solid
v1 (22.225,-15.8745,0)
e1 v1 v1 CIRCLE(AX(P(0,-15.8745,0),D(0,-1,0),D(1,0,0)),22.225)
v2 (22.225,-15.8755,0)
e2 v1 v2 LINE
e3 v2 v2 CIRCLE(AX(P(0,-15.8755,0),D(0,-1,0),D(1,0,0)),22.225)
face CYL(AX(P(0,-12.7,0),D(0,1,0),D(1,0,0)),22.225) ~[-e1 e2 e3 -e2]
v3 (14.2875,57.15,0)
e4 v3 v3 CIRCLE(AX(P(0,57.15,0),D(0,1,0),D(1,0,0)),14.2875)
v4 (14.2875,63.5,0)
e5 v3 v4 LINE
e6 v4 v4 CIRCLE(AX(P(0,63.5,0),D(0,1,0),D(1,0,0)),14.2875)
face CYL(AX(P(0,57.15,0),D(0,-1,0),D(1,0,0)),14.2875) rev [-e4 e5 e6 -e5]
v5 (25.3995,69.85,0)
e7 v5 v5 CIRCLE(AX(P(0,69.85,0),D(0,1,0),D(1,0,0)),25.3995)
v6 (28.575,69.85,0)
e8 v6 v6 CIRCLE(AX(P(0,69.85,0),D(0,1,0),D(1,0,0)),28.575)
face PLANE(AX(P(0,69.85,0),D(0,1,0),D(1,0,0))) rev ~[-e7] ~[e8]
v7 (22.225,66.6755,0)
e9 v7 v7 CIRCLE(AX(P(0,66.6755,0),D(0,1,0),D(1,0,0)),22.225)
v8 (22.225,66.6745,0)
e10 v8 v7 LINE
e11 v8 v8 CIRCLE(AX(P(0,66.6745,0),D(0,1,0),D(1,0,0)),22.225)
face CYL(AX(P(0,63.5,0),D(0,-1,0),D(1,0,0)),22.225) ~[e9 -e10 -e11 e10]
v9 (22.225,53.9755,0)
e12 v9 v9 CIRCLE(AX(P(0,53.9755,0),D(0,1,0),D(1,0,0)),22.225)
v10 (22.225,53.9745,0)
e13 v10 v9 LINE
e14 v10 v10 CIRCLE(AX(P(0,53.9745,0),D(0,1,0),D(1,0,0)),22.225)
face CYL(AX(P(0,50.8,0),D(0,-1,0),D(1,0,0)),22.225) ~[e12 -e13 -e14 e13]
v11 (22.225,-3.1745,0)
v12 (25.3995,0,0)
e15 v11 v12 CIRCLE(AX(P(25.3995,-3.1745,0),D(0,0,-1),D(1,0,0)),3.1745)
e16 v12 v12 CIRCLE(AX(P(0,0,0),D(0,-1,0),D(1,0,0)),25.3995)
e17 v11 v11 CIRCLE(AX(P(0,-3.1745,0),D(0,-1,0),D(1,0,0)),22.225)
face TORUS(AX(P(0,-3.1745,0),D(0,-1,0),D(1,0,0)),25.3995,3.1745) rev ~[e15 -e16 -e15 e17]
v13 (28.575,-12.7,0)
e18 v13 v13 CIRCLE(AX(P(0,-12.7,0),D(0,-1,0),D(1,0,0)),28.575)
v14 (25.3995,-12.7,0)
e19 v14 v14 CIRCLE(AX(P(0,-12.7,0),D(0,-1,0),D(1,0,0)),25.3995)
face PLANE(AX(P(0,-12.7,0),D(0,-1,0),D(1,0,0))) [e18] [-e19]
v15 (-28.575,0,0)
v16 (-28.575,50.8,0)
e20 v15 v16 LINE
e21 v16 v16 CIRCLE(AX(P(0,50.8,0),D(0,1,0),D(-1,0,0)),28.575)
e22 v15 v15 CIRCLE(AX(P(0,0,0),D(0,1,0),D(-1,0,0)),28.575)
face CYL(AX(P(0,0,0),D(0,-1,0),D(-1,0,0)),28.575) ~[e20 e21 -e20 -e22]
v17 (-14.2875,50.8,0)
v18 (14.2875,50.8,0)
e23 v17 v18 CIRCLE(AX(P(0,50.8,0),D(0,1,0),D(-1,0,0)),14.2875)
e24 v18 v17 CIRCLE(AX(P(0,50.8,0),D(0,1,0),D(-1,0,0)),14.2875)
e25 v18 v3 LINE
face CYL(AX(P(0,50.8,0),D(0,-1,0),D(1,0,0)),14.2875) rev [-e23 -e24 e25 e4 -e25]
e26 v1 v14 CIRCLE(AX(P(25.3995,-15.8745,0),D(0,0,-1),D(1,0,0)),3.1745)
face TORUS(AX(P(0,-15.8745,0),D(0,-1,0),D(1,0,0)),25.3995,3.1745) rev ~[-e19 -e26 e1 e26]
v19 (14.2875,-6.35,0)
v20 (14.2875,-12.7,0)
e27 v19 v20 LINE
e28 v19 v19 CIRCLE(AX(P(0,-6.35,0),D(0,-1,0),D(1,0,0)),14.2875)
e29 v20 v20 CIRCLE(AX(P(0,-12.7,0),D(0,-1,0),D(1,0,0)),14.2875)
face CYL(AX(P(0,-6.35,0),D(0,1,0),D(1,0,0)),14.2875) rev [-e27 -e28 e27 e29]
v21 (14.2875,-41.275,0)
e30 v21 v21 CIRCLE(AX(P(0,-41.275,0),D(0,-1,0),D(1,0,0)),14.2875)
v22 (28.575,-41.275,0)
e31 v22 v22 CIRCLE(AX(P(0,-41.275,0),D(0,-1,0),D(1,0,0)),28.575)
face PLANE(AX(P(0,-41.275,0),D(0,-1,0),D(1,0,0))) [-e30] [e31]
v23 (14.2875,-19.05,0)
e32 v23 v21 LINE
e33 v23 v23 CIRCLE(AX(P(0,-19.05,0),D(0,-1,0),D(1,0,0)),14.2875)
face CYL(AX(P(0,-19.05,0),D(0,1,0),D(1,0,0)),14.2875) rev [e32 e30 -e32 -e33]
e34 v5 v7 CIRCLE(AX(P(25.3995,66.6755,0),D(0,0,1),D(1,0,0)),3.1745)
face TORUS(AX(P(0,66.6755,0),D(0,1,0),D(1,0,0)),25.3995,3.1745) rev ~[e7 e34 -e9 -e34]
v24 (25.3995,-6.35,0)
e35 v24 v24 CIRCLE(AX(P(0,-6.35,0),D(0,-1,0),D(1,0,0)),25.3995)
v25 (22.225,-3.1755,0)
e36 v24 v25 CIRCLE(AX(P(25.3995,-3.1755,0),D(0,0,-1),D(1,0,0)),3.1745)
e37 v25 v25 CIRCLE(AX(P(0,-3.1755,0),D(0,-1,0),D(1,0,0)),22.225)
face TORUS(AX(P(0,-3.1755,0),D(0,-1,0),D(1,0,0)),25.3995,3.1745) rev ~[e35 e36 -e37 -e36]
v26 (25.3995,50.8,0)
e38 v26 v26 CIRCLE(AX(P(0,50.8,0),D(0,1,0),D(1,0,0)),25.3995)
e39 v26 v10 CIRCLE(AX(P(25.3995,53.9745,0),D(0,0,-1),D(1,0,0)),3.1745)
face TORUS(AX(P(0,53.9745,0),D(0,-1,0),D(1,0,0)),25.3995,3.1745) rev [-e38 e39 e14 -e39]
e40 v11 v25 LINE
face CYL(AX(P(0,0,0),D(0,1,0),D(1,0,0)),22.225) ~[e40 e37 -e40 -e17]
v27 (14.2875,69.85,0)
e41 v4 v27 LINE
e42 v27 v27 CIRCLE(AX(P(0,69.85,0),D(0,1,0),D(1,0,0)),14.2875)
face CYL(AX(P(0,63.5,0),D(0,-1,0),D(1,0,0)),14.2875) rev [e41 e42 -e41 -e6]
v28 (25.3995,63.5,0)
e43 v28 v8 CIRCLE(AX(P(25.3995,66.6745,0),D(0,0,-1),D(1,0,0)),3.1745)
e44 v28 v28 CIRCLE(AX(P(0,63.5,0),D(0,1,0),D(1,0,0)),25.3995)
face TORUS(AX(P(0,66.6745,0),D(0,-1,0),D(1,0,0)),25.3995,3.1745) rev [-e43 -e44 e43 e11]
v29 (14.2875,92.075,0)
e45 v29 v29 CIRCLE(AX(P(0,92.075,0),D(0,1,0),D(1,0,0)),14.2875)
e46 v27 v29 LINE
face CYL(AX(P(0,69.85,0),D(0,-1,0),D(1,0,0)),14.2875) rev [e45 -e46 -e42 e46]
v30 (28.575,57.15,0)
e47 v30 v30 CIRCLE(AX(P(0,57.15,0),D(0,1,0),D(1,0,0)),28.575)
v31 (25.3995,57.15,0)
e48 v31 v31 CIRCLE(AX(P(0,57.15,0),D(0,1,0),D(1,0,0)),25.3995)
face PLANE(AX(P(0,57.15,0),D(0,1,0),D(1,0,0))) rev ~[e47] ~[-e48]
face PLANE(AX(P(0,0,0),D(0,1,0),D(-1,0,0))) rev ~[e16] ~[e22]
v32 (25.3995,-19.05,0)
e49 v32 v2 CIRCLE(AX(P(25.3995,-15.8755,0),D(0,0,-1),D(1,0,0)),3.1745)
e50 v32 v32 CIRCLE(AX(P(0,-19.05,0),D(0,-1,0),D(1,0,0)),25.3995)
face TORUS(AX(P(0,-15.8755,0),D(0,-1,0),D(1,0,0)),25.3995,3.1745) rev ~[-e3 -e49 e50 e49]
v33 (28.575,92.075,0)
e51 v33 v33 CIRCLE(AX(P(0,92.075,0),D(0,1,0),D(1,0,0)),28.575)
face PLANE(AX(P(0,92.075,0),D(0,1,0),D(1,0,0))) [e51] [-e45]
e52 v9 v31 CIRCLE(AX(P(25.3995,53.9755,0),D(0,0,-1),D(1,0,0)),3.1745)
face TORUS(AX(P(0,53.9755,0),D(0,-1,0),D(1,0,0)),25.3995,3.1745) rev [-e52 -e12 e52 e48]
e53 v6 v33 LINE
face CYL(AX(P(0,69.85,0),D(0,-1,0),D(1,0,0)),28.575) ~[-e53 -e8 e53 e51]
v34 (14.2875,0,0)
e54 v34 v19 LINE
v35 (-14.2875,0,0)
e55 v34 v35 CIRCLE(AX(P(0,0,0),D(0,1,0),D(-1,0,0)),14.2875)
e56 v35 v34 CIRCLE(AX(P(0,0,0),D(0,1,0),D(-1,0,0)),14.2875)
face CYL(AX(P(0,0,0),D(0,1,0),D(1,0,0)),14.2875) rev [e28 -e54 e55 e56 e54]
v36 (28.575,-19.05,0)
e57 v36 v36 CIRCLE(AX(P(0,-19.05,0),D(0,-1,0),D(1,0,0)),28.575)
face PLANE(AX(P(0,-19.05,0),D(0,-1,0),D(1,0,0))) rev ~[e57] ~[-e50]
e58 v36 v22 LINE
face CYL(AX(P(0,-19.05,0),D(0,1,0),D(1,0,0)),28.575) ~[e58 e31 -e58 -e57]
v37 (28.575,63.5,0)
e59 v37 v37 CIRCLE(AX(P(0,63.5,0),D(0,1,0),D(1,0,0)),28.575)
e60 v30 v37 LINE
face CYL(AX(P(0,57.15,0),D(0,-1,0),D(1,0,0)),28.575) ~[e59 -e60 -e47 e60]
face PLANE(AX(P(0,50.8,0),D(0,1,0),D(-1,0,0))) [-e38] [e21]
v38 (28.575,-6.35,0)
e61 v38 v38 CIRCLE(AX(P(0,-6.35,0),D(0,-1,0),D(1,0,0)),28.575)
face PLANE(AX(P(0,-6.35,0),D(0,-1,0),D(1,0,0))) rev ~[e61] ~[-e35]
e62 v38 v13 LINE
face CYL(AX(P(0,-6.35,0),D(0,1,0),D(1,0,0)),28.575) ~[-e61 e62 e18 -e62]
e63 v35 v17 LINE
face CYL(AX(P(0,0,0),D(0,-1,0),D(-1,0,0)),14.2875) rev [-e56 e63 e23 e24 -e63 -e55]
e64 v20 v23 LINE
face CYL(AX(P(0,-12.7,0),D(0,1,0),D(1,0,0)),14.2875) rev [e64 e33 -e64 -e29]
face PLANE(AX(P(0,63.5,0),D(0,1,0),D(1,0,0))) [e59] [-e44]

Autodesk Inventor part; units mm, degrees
ref_plane "YZ Plane" through (0, 0, 0) normal (1, 0, 0) x (0, 1, 0)
ref_plane "XZ Plane" through (0, 0, 0) normal (0, 1, 0) x (-1, 0, 0)
ref_plane "XY Plane" through (0, 0, 0) normal (0, 0, 1) x (1, 0, 0)
sketch "Sketch1" plane through (0, 0, 0) normal (0, 1, 0) x (-1, 0, 0)
  circle A0 centre (0, 0) radius 28.575
  circle A1 centre (0, 0) radius 14.2875
  dimension "d0" = 57.15
  dimension "d1" = 28.575
extrude "Extrusion1" add sketch "Sketch1" along normal blind 50.8
sketch "Sketch2" plane through (0, 0, 0) normal (0, -1, 0) x (1, 0, 0)
  circle A0 centre (0, 0) radius 22.225
  circle A1 centre (0, 0) radius 14.2875
  dimension "d6" = 28.575
extrude "Extrusion2" add sketch "Sketch2" along normal blind 6.35
sketch "Sketch3" plane through (0, -6.35, 0) normal (0, -1, 0) x (1, 0, 0)
  circle A0 centre (0, 0) radius 28.575
  circle A1 centre (0, 0) radius 14.2875
  dimension "d9" = 57.15
  dimension "d10" = 28.575
extrude "Extrusion3" add sketch "Sketch3" along normal blind 6.35
sketch "Sketch4" plane through (0, 50.8, 0) normal (0, 1, 0) x (1, 0, 0)
  circle A0 centre (0, 0) radius 22.225
  circle A1 centre (0, 0) radius 14.2875
  dimension "d15" = 28.575
extrude "Extrusion4" add sketch "Sketch4" along normal blind 6.35
sketch "Sketch5" plane through (0, 57.15, 0) normal (0, 1, 0) x (1, 0, 0)
  circle A0 centre (0, 0) radius 28.575
  circle A1 centre (0, 0) radius 14.2875
  dimension "d18" = 57.15
  dimension "d19" = 28.575
extrude "Extrusion5" add sketch "Sketch5" along normal blind 6.35
sketch "Sketch6" plane through (0, -12.7, 0) normal (0, -1, 0) x (1, 0, 0)
  circle A0 centre (0, 0) radius 22.225
  circle A1 centre (0, 0) radius 14.2875
  dimension "d24" = 28.575
extrude "Extrusion6" add sketch "Sketch6" along normal blind 6.35
sketch "Sketch7" plane through (0, 63.5, 0) normal (0, 1, 0) x (1, 0, 0)
  circle A0 centre (0, 0) radius 22.225
  circle A1 centre (0, 0) radius 14.2875
  dimension "d29" = 28.575
extrude "Extrusion7" add sketch "Sketch7" along normal blind 6.35
sketch "Sketch8" plane through (0, 69.85, 0) normal (0, 1, 0) x (1, 0, 0)
  circle A0 centre (0, 0) radius 28.575
  circle A1 centre (0, 0) radius 14.2875
  dimension "d32" = 57.15
  dimension "d33" = 28.575
extrude "Extrusion8" add sketch "Sketch8" along normal blind 22.225
sketch "Sketch9" plane through (0, -19.05, 0) normal (0, -1, 0) x (1, 0, 0)
  circle A0 centre (0, 0) radius 28.575
  circle A1 centre (0, 0) radius 28.575 projected
  circle A2 centre (0, 0) radius 14.2875
  dimension "d36" = 57.15
  dimension "d37" = 28.575
extrude "Extrusion9" add sketch "Sketch9" along normal blind 22.225
fillet "Fillet2" radius 3.175 8 edges at (-22.225, -19.05, 0) (-22.225, -12.7, 0) (-22.225, 0, 0) (-22.225, -6.35, 0) (-22.225, 50.8, 0) (-22.225, 57.15, 0) (-22.225, 69.85, 0) (-22.225, 63.5, 0)
properties part number "Roller-ver3-1111-2019"
